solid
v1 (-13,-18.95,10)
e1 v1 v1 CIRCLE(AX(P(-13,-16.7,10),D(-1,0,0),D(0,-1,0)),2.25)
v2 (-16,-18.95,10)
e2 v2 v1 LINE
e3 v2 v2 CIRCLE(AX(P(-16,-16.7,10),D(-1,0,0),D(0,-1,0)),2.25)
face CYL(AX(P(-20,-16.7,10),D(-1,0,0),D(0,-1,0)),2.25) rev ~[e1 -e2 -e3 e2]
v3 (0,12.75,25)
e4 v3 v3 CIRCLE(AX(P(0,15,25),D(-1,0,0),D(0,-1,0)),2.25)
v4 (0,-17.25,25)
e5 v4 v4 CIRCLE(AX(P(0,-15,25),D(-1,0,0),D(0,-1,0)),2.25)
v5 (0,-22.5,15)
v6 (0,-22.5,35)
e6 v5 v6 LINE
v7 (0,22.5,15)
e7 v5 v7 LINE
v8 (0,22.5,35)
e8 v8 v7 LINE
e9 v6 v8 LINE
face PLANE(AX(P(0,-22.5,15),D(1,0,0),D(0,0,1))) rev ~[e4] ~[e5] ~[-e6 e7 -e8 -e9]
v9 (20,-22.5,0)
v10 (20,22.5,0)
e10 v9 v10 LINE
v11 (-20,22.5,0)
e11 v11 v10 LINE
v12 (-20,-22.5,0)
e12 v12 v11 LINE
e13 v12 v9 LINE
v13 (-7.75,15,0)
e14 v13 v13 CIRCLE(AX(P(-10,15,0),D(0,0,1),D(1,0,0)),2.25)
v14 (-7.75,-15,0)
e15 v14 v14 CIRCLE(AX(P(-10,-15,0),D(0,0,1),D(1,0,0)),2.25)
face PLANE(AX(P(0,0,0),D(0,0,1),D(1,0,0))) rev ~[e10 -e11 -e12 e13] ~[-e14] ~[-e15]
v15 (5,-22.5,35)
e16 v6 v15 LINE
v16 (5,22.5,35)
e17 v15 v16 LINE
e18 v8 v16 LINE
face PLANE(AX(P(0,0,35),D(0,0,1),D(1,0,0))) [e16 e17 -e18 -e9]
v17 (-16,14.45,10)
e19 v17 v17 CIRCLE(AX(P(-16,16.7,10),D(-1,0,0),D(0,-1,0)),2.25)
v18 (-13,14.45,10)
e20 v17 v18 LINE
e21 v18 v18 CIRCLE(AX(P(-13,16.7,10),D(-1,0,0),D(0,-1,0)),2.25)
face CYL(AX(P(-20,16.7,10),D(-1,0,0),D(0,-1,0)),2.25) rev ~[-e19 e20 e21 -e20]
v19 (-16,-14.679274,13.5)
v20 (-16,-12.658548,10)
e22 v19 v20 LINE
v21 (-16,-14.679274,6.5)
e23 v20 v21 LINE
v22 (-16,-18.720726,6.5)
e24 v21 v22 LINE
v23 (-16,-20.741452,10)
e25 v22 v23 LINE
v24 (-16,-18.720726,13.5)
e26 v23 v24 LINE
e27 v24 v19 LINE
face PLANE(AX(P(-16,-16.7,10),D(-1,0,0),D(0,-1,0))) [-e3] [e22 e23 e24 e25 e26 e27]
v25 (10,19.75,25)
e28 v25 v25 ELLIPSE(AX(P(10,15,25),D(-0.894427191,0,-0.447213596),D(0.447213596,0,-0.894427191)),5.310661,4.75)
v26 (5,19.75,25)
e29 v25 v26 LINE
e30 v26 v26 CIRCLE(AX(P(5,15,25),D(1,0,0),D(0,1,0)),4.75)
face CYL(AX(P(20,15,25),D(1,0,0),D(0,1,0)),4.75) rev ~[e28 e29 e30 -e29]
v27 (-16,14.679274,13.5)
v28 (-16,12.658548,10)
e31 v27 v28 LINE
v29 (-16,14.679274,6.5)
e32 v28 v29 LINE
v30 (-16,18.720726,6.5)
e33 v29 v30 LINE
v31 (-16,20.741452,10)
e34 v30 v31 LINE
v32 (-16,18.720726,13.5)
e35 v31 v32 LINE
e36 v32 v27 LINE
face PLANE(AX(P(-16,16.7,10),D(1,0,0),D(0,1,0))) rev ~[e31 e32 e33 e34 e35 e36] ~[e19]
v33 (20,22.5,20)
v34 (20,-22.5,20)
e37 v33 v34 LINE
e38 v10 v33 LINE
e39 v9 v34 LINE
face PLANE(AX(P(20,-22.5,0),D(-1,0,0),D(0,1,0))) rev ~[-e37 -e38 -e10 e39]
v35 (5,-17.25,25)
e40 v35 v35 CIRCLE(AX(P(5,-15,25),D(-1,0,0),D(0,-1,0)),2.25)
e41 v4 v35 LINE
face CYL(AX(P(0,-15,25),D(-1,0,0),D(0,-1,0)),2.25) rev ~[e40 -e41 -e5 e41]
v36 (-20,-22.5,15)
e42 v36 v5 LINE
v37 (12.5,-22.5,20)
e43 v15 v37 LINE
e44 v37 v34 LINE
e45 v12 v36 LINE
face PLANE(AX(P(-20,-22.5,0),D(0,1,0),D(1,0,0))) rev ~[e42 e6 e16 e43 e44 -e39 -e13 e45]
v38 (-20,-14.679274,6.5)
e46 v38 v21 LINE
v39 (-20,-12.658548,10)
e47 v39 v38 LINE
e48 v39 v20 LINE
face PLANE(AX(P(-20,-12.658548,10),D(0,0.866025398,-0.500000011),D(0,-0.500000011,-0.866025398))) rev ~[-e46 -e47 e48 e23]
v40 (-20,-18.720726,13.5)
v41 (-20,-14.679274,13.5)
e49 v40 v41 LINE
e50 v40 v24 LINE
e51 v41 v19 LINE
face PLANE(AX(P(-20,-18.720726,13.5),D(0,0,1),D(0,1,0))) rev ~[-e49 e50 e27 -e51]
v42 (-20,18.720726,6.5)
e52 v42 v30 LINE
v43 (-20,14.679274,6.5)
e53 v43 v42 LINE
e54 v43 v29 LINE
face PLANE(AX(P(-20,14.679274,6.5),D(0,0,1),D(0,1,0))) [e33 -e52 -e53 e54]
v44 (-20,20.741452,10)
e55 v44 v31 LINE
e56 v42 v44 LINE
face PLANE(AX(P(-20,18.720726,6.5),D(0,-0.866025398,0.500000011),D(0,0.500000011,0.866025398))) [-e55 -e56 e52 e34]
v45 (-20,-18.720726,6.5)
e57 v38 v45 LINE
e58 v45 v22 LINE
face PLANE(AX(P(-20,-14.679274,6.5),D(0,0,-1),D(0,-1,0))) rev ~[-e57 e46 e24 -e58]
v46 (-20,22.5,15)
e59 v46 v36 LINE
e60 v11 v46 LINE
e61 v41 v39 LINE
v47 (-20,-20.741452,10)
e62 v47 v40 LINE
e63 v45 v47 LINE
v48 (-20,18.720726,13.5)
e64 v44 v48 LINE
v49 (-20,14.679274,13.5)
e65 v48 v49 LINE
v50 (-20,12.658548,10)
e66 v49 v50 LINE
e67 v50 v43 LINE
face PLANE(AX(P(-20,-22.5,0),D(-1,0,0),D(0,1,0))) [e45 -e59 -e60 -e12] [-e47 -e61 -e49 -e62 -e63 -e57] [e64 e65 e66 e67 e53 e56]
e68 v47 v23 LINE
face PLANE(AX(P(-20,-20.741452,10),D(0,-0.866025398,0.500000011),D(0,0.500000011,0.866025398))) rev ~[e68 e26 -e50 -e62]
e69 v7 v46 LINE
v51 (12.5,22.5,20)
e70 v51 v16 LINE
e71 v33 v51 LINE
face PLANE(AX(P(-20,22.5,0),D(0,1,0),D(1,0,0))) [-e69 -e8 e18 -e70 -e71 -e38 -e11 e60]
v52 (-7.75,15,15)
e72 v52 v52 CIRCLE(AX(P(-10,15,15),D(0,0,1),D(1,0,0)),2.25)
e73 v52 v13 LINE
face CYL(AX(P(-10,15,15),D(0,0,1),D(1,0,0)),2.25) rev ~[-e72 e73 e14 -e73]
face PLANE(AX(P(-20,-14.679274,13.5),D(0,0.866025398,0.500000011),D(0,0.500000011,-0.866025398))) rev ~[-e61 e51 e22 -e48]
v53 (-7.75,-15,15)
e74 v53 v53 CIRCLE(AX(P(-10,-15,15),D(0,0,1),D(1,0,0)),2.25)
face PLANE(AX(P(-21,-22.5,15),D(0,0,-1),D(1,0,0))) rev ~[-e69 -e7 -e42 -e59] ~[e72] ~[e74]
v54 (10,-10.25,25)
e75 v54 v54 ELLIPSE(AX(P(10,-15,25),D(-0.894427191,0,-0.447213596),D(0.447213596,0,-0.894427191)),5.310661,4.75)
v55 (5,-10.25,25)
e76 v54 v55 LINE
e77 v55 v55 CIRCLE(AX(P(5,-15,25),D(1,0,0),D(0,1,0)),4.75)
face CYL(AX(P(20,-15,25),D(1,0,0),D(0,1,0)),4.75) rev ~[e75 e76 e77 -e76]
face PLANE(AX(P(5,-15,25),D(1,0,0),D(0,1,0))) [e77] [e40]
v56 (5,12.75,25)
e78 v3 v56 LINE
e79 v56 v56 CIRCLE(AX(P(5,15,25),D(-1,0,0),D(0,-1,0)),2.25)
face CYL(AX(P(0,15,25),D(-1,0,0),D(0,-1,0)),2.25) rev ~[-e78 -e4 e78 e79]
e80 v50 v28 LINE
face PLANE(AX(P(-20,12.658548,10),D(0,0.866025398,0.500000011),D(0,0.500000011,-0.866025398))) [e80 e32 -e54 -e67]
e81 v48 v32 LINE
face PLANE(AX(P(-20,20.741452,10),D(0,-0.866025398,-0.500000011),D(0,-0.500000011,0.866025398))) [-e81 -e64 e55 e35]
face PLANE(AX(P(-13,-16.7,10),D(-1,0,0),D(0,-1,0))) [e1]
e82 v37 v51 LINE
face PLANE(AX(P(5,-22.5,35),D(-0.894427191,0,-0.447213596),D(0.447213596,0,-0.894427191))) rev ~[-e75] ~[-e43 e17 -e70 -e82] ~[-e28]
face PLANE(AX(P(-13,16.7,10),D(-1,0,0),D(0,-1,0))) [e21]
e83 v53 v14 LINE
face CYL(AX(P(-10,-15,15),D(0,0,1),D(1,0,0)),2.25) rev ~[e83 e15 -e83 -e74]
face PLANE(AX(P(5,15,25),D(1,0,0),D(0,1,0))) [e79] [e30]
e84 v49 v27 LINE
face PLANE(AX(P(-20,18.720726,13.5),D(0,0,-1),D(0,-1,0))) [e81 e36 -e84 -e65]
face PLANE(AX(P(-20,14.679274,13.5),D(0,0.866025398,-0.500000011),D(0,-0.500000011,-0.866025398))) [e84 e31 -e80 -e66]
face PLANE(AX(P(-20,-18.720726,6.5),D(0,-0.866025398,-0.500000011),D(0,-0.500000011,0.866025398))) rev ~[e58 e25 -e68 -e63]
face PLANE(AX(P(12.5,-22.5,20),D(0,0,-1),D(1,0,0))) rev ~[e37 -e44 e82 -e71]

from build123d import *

# Parameters (mm, degrees)
SKETCH_W        = 40
SKETCH_H        = 45
PAD_DEPTH       = 35
POCKET_DEPTH    = 45.001
SKETCH002_R     = 2.25
POCKET001_DEPTH = 15.001
SKETCH003_R     = 2.25
POCKET002_DEPTH = 20.001
SKETCH004_R     = 4.75
POCKET003_DEPTH = 15
POCKET004_DEPTH = 4
SKETCH006_R     = 2.25
POCKET005_DEPTH = 7


with BuildPart() as part:
    # Sketch → Pad (new body)
    with BuildSketch(Plane.XY):
        Rectangle(SKETCH_W, SKETCH_H)
    extrude(amount=PAD_DEPTH)

    # Sketch001 → Pocket (cut, through all)
    with BuildSketch(Plane.XZ.offset(22.5)):
        Polygon((-21, 15), (0, 15), (0, 35), (5, 35), (12.5, 20), (21, 20), (21, 36), (-21, 36), align=None)
    extrude(amount=-POCKET_DEPTH, mode=Mode.SUBTRACT)

    # Sketch002 → Pocket001 (cut, through all)
    with BuildSketch(Plane.XY.offset(15)):
        with Locations((-10, 15)):
            Circle(SKETCH002_R)
        with Locations((-10, -15)):
            Circle(SKETCH002_R)
    extrude(amount=-POCKET001_DEPTH, mode=Mode.SUBTRACT)

    # Sketch003 → Pocket002 (cut, through all)
    with BuildSketch(Plane(origin=(0, 0, 0), x_dir=(0, -1, 0), z_dir=(-1, 0, 0))):
        with Locations((-15, 25)):
            Circle(SKETCH003_R)
        with Locations((15, 25)):
            Circle(SKETCH003_R)
    extrude(amount=-POCKET002_DEPTH, mode=Mode.SUBTRACT)

    # Sketch004 → Pocket003 (cut)
    with BuildSketch(Plane.YZ.offset(20)):
        with Locations((-15, 25)):
            Circle(SKETCH004_R)
        with Locations((15, 25)):
            Circle(SKETCH004_R)
    extrude(amount=-POCKET003_DEPTH, mode=Mode.SUBTRACT)

    # Sketch005 → Pocket004 (cut)
    with BuildSketch(Plane(origin=(-20, 0, 0), x_dir=(0, -1, 0), z_dir=(-1, 0, 0))):
        Polygon((-18.720726, 13.5), (-14.679274, 13.5), (-12.658548, 10), (-14.679274, 6.5), (-18.720726, 6.5), (-20.741452, 10), align=None)
        Polygon((12.658548, 10), (14.679274, 6.5), (18.720726, 6.5), (20.741452, 10), (18.720726, 13.5), (14.679274, 13.5), align=None)
    extrude(amount=-POCKET004_DEPTH, mode=Mode.SUBTRACT)

    # Sketch006 → Pocket005 (cut)
    with BuildSketch(Plane(origin=(-20, 0, 0), x_dir=(0, -1, 0), z_dir=(-1, 0, 0))):
        with Locations((-16.7, 10)):
            Circle(SKETCH006_R)
        with Locations((16.7, 10)):
            Circle(SKETCH006_R)
    extrude(amount=-POCKET005_DEPTH, mode=Mode.SUBTRACT)


solid = part.part
